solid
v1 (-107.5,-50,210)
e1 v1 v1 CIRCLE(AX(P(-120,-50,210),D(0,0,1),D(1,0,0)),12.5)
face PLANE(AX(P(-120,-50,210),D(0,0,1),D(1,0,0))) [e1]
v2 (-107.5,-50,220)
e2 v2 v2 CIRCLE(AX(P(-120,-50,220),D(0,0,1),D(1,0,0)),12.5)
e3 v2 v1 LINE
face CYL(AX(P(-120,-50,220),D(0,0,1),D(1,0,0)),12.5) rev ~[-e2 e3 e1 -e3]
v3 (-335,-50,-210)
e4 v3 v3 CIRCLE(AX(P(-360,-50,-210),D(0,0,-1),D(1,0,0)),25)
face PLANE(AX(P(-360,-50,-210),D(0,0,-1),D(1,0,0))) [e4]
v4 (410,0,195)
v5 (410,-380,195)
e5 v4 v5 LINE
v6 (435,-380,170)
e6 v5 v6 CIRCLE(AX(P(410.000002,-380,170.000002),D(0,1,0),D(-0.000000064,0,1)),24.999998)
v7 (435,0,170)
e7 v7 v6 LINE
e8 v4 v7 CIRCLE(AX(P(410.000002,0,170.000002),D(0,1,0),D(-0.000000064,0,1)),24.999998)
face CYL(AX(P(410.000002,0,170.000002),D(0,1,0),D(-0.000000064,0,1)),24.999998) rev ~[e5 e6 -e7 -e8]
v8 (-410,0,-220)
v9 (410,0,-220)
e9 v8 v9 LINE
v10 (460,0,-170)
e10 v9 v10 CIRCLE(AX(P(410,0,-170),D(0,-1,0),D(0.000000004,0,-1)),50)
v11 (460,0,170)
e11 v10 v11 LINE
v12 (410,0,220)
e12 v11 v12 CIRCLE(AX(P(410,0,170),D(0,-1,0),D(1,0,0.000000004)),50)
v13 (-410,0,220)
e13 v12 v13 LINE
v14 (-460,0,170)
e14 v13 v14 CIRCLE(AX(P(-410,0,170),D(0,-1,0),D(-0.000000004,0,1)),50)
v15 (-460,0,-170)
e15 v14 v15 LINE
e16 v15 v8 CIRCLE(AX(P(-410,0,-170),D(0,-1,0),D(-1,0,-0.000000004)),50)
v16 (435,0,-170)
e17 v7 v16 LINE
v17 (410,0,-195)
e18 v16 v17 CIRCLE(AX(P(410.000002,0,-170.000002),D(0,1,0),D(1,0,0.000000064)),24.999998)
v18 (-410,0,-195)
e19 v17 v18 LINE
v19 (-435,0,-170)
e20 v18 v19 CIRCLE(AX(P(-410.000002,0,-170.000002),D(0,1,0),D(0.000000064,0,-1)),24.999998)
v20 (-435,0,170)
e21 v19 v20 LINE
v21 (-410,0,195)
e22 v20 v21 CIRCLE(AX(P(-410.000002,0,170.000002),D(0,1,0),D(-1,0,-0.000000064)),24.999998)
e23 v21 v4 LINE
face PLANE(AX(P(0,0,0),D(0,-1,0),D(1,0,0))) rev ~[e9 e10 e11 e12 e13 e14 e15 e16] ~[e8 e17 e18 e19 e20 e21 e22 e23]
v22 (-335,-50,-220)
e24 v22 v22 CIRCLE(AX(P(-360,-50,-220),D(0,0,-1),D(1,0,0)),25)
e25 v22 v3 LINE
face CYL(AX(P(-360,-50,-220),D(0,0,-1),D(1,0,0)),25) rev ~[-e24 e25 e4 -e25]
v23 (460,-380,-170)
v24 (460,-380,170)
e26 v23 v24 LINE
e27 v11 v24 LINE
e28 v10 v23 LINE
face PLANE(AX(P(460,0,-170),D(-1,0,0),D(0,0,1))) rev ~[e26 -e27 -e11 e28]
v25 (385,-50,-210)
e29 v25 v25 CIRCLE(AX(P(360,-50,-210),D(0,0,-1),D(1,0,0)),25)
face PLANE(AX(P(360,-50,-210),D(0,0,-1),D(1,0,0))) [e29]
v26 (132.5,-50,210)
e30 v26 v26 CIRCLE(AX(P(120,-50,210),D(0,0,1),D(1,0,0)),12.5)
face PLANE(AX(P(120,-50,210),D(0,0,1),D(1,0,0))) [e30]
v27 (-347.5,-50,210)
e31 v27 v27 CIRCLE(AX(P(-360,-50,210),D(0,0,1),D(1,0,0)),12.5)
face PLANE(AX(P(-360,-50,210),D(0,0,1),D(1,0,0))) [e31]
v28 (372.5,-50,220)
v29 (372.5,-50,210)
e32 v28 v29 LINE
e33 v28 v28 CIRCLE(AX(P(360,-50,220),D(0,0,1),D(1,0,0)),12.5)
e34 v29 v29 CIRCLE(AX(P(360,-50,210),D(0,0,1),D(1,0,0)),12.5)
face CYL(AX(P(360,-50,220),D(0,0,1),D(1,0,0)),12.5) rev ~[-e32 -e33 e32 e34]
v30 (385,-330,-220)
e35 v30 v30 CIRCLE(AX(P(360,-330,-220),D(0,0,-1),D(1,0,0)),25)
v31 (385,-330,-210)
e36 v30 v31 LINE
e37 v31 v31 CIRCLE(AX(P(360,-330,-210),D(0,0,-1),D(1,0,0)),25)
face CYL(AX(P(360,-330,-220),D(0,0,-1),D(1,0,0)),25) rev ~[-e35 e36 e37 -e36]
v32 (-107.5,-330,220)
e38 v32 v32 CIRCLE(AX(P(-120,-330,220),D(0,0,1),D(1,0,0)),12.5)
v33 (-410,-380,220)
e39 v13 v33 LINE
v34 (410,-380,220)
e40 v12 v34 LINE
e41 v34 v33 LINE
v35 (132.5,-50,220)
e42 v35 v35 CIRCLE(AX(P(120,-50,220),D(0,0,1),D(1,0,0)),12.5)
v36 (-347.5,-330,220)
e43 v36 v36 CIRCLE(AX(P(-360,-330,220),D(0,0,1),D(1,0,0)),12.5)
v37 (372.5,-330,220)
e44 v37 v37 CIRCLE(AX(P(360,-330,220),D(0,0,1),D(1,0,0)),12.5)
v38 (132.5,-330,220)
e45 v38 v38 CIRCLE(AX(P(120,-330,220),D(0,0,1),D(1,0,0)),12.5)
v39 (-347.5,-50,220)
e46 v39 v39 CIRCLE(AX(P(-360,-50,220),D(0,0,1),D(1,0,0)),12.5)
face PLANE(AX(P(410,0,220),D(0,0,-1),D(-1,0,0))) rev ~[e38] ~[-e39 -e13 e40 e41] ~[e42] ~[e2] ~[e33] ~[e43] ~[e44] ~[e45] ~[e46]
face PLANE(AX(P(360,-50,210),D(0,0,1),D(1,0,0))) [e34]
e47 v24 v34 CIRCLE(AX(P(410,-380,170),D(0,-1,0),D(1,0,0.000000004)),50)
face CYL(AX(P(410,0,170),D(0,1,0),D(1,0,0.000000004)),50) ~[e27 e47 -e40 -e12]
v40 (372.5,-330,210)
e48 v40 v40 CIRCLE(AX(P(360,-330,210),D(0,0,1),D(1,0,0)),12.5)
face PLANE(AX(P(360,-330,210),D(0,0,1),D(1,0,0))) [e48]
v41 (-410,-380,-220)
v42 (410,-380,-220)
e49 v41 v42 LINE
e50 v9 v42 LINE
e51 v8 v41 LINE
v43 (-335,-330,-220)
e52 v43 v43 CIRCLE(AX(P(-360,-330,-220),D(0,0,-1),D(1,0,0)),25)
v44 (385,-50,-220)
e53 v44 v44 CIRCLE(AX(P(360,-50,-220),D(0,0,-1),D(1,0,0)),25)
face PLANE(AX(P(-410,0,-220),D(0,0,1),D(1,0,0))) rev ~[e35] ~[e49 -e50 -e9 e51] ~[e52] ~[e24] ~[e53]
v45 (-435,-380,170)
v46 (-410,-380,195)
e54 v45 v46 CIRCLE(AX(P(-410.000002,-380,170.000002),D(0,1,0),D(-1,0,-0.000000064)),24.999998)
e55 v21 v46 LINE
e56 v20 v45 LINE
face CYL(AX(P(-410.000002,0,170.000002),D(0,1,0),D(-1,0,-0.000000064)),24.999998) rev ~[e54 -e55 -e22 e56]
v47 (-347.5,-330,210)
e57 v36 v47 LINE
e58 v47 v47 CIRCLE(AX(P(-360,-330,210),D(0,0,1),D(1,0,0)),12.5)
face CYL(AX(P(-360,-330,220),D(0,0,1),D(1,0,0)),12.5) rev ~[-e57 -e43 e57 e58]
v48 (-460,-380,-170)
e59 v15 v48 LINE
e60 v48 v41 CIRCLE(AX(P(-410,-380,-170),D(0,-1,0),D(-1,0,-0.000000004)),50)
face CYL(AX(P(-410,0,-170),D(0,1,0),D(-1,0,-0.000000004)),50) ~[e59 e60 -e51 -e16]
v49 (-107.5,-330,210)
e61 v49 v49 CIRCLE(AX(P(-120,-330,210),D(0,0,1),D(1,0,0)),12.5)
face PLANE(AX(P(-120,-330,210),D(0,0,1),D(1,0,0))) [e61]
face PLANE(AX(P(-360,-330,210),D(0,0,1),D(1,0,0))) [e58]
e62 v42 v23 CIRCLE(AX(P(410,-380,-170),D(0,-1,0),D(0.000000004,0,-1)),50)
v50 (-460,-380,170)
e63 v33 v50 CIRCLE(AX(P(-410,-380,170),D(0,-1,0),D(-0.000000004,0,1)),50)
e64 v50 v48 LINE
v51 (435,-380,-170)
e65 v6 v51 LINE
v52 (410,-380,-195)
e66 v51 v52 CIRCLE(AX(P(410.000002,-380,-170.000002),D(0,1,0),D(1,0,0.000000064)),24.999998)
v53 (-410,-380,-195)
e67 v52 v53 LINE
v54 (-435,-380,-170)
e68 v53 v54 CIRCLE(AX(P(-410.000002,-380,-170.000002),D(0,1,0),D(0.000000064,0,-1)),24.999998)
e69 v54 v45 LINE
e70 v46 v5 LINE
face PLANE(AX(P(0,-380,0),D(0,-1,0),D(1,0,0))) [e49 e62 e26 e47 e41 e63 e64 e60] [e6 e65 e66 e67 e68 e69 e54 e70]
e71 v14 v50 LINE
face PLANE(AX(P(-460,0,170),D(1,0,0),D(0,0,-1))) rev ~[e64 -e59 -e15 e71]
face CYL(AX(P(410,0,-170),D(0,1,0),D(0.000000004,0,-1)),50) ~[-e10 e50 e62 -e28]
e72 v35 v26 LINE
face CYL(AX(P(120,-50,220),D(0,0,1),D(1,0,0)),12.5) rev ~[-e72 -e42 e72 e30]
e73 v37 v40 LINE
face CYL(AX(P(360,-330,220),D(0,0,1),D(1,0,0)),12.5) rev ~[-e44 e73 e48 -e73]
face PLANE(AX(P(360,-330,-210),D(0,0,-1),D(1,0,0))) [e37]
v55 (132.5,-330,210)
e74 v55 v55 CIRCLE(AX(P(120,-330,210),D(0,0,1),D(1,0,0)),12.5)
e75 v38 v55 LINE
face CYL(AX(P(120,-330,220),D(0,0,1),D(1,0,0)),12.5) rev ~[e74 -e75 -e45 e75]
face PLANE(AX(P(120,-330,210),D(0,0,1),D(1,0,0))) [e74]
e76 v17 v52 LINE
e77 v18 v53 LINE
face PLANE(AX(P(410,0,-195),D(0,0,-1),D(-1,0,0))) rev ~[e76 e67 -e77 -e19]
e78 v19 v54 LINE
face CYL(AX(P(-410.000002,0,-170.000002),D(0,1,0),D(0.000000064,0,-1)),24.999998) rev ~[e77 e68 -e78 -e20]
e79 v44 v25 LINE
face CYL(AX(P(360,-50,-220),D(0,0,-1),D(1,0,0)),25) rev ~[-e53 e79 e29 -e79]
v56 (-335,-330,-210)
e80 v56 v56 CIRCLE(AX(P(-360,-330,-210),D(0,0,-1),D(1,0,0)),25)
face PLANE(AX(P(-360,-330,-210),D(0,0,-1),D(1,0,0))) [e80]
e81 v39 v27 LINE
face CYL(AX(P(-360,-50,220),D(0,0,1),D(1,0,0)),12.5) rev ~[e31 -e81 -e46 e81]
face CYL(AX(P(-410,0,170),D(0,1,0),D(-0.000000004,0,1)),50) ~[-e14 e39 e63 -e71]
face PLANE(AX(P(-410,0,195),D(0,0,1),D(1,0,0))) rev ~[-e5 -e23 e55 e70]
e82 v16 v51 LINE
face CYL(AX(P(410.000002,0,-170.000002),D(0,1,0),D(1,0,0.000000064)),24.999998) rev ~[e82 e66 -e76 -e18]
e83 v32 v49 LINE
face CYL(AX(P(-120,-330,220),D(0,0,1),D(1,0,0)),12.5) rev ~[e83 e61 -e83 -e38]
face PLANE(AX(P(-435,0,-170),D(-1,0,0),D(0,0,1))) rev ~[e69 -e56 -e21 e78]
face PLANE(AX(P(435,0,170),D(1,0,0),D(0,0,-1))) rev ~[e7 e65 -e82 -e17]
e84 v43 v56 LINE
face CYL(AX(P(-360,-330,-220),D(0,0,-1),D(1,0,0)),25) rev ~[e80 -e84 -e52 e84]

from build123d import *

# Parameters (mm, degrees)
F1_DEPTH = 380
F2_R     = 25
F3_DEPTH = 10
F4_R     = 12.5
F5_DEPTH = 10


with BuildPart() as f1:
    # F0 (on Front) → F1 (new body)
    with BuildSketch(Plane.XZ):
        with BuildLine():
            Line((-410, -220), (410, -220))
            ThreePointArc((410, -220), (445.355339, -205.355339), (460, -170))
            Line((460, -170), (460, 170))
            ThreePointArc((460, 170), (445.355339, 205.355339), (410, 220))
            Line((410, 220), (-410, 220))
            ThreePointArc((-410, 220), (-445.355339, 205.355339), (-460, 170))
            Line((-460, 170), (-460, -170))
            ThreePointArc((-460, -170), (-445.355339, -205.355339), (-410, -220))
        make_face()
        with BuildLine():
            ThreePointArc((435, -170), (427.67767, -187.67767), (410, -195))
            Line((410, -195), (-410, -195))
            ThreePointArc((-410, -195), (-427.67767, -187.67767), (-435, -170))
            Line((-435, -170), (-435, 170))
            ThreePointArc((-435, 170), (-427.67767, 187.67767), (-410, 195))
            Line((-410, 195), (410, 195))
            ThreePointArc((410, 195), (427.67767, 187.67767), (435, 170))
            Line((435, 170), (435, -170))
        make_face(mode=Mode.SUBTRACT)
    extrude(amount=F1_DEPTH)

    # F2 (on face) → F3 (cut)
    with BuildSketch(Plane(origin=(0, 0, -220), x_dir=(1, 0, 0), z_dir=(0, 0, -1))):
        with Locations((-360, 50)):
            Circle(F2_R)
        with Locations((-360, 330)):
            Circle(F2_R)
        with Locations((360, 330)):
            Circle(F2_R)
        with Locations((360, 50)):
            Circle(F2_R)
    extrude(amount=-F3_DEPTH, mode=Mode.SUBTRACT)

    # F4 (on face) → F5 (cut)
    with BuildSketch(Plane.XY.offset(220)):
        with Locations((-360, -50)):
            Circle(F4_R)
        with Locations((-360, -330)):
            Circle(F4_R)
        with Locations((-120, -330)):
            Circle(F4_R)
        with Locations((-120, -50)):
            Circle(F4_R)
        with Locations((120, -330)):
            Circle(F4_R)
        with Locations((120, -50)):
            Circle(F4_R)
        with Locations((360, -330)):
            Circle(F4_R)
        with Locations((360, -50)):
            Circle(F4_R)
    extrude(amount=-F5_DEPTH, mode=Mode.SUBTRACT)


solid = f1.part
